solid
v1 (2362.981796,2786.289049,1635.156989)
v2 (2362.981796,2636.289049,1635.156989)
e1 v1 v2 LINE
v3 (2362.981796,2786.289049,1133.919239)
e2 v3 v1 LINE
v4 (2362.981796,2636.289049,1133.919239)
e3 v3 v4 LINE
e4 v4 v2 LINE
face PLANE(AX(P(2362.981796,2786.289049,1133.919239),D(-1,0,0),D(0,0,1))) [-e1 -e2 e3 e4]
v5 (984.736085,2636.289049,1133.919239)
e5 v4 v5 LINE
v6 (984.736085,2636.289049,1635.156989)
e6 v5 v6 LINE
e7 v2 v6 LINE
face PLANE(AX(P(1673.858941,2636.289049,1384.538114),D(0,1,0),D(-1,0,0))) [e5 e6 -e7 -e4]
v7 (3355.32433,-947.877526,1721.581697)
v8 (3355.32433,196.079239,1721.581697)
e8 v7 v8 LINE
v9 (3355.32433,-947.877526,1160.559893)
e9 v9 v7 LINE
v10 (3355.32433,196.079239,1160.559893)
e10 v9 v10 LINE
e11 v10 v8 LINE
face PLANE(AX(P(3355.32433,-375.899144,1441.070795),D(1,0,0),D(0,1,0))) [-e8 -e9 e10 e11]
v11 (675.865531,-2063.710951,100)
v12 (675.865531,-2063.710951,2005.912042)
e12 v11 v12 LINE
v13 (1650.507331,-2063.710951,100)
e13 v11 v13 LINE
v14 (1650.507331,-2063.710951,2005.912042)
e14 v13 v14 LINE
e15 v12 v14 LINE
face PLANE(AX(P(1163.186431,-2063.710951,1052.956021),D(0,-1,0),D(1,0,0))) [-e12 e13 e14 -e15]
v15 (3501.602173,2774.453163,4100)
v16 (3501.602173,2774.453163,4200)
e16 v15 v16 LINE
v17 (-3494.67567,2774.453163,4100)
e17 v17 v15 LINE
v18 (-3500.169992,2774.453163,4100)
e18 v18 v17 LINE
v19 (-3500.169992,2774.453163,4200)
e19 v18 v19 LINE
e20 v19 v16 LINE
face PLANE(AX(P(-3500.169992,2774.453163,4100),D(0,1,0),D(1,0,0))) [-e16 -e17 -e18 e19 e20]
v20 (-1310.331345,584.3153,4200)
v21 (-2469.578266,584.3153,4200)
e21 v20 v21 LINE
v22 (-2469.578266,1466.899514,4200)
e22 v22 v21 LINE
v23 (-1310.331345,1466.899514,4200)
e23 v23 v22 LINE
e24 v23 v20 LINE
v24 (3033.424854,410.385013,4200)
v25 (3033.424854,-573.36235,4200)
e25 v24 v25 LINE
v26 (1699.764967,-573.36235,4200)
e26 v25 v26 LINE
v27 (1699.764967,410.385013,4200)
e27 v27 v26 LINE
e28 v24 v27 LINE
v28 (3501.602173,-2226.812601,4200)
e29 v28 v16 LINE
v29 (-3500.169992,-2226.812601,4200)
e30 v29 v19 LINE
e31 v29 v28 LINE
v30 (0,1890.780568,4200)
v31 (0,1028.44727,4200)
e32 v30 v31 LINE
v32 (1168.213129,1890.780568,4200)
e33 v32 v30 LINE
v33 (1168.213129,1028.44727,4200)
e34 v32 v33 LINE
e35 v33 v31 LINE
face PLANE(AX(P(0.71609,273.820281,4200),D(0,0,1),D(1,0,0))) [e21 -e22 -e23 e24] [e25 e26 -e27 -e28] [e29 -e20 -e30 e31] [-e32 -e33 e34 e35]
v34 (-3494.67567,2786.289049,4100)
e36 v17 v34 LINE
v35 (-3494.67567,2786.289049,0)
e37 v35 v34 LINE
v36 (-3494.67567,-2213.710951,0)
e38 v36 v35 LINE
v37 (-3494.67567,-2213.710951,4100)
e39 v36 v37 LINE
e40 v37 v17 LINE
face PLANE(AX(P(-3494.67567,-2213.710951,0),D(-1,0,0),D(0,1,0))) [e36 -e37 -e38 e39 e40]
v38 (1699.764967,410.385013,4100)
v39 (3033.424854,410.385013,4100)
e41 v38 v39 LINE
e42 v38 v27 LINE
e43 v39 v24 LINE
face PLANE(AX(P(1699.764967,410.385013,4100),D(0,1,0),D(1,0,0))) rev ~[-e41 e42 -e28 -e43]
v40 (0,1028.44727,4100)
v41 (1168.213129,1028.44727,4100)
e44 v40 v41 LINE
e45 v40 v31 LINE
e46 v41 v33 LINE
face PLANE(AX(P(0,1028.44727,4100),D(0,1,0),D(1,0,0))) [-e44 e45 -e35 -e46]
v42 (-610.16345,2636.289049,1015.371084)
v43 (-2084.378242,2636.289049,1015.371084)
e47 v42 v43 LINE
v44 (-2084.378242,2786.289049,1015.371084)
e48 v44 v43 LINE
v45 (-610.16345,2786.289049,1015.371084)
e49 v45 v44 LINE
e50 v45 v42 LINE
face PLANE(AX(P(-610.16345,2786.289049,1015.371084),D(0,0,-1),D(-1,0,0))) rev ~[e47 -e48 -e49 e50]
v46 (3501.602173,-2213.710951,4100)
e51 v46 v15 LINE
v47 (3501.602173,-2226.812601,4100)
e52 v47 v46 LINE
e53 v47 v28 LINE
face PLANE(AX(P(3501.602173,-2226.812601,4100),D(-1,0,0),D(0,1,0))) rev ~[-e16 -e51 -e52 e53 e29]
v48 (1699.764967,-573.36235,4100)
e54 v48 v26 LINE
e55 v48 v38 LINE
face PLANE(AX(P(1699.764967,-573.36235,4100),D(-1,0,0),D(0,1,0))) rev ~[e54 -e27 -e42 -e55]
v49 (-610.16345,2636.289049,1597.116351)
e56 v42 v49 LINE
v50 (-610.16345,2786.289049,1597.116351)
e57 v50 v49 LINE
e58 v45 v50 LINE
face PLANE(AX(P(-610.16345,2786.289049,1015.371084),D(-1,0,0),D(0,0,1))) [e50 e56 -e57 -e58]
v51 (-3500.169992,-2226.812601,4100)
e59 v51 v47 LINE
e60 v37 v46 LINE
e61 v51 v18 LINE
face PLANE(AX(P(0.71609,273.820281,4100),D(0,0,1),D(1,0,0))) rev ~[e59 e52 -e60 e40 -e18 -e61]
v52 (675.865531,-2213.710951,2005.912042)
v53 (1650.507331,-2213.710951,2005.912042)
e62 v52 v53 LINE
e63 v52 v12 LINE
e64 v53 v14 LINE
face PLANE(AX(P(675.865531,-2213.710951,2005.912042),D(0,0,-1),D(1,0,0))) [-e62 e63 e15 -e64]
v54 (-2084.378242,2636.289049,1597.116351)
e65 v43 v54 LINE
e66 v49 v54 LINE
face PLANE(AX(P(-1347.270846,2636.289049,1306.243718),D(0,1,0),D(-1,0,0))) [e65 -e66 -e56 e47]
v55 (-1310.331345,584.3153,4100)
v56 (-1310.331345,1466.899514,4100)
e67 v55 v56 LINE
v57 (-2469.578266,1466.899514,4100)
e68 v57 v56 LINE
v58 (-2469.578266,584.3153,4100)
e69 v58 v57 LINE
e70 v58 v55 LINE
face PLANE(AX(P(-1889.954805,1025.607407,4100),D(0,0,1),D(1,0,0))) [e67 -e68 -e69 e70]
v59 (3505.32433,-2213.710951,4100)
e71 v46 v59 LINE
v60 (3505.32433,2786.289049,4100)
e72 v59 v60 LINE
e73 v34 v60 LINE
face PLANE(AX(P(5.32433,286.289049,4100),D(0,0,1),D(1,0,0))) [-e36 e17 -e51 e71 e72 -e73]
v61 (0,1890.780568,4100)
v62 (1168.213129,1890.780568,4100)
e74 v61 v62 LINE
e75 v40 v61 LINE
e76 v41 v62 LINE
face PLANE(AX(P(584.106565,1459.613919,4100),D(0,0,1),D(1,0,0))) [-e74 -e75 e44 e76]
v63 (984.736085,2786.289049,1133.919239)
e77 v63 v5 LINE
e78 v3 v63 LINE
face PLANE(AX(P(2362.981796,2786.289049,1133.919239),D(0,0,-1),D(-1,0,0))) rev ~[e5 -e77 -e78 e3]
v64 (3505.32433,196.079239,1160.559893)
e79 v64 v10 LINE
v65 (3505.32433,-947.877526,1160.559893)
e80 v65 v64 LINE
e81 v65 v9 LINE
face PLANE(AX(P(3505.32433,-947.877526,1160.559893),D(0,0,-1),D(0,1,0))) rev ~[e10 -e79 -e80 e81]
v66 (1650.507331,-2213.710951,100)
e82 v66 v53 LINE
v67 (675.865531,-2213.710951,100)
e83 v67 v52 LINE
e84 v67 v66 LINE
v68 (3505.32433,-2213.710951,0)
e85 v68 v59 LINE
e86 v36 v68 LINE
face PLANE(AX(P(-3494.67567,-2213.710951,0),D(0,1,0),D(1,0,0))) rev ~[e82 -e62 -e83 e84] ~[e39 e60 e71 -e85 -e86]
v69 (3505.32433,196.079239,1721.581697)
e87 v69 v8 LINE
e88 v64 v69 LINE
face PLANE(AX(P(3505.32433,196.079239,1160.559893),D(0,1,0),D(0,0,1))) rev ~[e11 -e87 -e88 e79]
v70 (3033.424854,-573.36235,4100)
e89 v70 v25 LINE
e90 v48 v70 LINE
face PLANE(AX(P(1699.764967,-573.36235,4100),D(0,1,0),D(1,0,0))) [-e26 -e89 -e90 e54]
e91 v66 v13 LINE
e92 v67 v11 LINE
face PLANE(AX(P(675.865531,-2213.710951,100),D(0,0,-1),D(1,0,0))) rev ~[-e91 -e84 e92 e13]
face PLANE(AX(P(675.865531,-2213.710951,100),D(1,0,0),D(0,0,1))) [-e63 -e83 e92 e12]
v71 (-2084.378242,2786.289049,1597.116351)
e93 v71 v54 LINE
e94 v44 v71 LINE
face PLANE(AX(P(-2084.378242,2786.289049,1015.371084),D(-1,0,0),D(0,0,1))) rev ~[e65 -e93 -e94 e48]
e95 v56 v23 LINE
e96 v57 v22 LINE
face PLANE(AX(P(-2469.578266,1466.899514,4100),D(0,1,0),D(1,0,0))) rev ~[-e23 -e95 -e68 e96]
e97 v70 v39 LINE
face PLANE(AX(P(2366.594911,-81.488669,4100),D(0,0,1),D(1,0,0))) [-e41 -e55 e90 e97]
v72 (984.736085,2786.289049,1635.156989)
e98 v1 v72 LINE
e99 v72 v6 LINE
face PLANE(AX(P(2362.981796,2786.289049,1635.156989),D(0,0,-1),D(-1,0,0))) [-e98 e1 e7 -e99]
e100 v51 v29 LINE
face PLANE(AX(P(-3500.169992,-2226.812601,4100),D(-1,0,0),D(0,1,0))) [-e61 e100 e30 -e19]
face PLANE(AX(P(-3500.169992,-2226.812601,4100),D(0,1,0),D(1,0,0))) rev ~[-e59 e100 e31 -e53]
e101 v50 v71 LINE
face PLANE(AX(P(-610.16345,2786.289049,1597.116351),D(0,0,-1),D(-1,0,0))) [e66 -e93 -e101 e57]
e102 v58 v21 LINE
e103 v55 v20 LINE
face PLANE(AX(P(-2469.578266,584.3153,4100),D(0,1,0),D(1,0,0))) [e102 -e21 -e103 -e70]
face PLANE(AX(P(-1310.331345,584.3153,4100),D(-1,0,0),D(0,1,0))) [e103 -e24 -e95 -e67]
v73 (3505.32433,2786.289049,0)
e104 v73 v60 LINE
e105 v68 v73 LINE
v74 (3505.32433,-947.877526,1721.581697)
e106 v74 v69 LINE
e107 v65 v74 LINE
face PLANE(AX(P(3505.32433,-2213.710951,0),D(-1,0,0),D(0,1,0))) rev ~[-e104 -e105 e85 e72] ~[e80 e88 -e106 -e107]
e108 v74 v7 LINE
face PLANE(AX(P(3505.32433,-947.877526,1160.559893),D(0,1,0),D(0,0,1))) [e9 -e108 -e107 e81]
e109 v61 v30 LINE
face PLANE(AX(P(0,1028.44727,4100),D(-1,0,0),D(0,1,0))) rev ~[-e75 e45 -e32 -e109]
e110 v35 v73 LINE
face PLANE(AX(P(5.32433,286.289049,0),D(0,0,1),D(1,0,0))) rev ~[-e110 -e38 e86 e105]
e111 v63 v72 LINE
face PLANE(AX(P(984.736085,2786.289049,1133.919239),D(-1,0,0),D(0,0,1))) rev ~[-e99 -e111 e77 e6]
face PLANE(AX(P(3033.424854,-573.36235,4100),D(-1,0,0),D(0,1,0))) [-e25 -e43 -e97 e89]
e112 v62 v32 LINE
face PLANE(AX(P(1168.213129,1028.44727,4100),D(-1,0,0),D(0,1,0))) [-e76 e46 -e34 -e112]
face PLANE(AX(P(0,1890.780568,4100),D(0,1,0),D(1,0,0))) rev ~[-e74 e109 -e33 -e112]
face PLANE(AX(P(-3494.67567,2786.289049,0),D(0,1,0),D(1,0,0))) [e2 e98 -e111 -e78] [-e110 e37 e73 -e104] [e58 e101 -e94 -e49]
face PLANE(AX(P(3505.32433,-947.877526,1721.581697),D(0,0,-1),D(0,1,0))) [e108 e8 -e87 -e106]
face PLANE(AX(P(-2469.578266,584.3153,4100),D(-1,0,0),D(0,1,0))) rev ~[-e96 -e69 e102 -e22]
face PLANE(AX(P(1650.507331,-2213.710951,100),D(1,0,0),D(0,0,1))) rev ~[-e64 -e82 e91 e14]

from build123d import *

# Parameters (mm, degrees)
F0_W      = 7000
F0_H      = 5000
F1_DEPTH  = 4100
F3_W      = 7001.7721652985
F3_H      = 5001.2657642365
F4_DEPTH  = 100
F5_W      = 1159.2469215393
F5_H      = 882.5842142105
F5_W_2    = 1168.2131290436
F5_H_2    = 862.3332977295
F5_W_3    = 1333.6598873138
F5_H_3    = 983.7473630905
F6_DEPTH  = 150
F7_W      = 1143.9567655325
F7_H      = 561.0218048096
F8_DEPTH  = 150
F9_W      = 1378.2457113266
F9_H      = 501.2377500534
F9_W_2    = 1474.2147922516
F9_H_2    = 581.7452669144
F10_DEPTH = 150
F11_W     = 974.6417999268
F11_H     = 1905.9120416641
F12_DEPTH = 150


with BuildPart() as f1:
    # F0 (on Top) → F1 (new body)
    with BuildSketch(Plane.XY):
        with Locations((5.3243301809, 286.2890493809)):
            Rectangle(F0_W, F0_H)
    extrude(amount=F1_DEPTH)

    # F3 (on 3pt) → F4 (join)
    with BuildSketch(Plane.XY.offset(4100)):
        with Locations((0.7160902023, 273.8202810287)):
            Rectangle(F3_W, F3_H)
    extrude(amount=F4_DEPTH)

    # F5 (on 3pt) → F6 (cut)
    with BuildSketch(Plane.XY.offset(4100)):
        with Locations((-1889.9548053741, 1025.607407093)):
            Rectangle(F5_W, F5_H)
        with Locations((584.1065645218, 1459.6139192581)):
            Rectangle(F5_W_2, F5_H_2)
        with Locations((2366.5949106216, -81.4886689186)):
            Rectangle(F5_W_3, F5_H_3)
    extrude(amount=F6_DEPTH, mode=Mode.SUBTRACT)

    # F7 (on face) → F8 (cut)
    with BuildSketch(Plane.YZ.offset(3505.3243301809)):
        with Locations((-375.899143517, 1441.0707950592)):
            Rectangle(F7_W, F7_H)
    extrude(amount=-F8_DEPTH, mode=Mode.SUBTRACT)

    # F9 (on face) → F10 (cut)
    with BuildSketch(Plane(origin=(0, 2786.2890493809, 0), x_dir=(-1, 0, 0), z_dir=(0, 1, 0))):
        with Locations((-1673.8589406013, 1384.5381140709)):
            Rectangle(F9_W, F9_H)
        with Locations((1347.2708463669, 1306.2437176704)):
            Rectangle(F9_W_2, F9_H_2)
    extrude(amount=-F10_DEPTH, mode=Mode.SUBTRACT)

    # F11 (on face) → F12 (cut)
    with BuildSketch(Plane.XZ.offset(2213.7109506191)):
        with Locations((1163.1864309311, 1052.9560208321)):
            Rectangle(F11_W, F11_H)
    extrude(amount=-F12_DEPTH, mode=Mode.SUBTRACT)


solid = f1.part
